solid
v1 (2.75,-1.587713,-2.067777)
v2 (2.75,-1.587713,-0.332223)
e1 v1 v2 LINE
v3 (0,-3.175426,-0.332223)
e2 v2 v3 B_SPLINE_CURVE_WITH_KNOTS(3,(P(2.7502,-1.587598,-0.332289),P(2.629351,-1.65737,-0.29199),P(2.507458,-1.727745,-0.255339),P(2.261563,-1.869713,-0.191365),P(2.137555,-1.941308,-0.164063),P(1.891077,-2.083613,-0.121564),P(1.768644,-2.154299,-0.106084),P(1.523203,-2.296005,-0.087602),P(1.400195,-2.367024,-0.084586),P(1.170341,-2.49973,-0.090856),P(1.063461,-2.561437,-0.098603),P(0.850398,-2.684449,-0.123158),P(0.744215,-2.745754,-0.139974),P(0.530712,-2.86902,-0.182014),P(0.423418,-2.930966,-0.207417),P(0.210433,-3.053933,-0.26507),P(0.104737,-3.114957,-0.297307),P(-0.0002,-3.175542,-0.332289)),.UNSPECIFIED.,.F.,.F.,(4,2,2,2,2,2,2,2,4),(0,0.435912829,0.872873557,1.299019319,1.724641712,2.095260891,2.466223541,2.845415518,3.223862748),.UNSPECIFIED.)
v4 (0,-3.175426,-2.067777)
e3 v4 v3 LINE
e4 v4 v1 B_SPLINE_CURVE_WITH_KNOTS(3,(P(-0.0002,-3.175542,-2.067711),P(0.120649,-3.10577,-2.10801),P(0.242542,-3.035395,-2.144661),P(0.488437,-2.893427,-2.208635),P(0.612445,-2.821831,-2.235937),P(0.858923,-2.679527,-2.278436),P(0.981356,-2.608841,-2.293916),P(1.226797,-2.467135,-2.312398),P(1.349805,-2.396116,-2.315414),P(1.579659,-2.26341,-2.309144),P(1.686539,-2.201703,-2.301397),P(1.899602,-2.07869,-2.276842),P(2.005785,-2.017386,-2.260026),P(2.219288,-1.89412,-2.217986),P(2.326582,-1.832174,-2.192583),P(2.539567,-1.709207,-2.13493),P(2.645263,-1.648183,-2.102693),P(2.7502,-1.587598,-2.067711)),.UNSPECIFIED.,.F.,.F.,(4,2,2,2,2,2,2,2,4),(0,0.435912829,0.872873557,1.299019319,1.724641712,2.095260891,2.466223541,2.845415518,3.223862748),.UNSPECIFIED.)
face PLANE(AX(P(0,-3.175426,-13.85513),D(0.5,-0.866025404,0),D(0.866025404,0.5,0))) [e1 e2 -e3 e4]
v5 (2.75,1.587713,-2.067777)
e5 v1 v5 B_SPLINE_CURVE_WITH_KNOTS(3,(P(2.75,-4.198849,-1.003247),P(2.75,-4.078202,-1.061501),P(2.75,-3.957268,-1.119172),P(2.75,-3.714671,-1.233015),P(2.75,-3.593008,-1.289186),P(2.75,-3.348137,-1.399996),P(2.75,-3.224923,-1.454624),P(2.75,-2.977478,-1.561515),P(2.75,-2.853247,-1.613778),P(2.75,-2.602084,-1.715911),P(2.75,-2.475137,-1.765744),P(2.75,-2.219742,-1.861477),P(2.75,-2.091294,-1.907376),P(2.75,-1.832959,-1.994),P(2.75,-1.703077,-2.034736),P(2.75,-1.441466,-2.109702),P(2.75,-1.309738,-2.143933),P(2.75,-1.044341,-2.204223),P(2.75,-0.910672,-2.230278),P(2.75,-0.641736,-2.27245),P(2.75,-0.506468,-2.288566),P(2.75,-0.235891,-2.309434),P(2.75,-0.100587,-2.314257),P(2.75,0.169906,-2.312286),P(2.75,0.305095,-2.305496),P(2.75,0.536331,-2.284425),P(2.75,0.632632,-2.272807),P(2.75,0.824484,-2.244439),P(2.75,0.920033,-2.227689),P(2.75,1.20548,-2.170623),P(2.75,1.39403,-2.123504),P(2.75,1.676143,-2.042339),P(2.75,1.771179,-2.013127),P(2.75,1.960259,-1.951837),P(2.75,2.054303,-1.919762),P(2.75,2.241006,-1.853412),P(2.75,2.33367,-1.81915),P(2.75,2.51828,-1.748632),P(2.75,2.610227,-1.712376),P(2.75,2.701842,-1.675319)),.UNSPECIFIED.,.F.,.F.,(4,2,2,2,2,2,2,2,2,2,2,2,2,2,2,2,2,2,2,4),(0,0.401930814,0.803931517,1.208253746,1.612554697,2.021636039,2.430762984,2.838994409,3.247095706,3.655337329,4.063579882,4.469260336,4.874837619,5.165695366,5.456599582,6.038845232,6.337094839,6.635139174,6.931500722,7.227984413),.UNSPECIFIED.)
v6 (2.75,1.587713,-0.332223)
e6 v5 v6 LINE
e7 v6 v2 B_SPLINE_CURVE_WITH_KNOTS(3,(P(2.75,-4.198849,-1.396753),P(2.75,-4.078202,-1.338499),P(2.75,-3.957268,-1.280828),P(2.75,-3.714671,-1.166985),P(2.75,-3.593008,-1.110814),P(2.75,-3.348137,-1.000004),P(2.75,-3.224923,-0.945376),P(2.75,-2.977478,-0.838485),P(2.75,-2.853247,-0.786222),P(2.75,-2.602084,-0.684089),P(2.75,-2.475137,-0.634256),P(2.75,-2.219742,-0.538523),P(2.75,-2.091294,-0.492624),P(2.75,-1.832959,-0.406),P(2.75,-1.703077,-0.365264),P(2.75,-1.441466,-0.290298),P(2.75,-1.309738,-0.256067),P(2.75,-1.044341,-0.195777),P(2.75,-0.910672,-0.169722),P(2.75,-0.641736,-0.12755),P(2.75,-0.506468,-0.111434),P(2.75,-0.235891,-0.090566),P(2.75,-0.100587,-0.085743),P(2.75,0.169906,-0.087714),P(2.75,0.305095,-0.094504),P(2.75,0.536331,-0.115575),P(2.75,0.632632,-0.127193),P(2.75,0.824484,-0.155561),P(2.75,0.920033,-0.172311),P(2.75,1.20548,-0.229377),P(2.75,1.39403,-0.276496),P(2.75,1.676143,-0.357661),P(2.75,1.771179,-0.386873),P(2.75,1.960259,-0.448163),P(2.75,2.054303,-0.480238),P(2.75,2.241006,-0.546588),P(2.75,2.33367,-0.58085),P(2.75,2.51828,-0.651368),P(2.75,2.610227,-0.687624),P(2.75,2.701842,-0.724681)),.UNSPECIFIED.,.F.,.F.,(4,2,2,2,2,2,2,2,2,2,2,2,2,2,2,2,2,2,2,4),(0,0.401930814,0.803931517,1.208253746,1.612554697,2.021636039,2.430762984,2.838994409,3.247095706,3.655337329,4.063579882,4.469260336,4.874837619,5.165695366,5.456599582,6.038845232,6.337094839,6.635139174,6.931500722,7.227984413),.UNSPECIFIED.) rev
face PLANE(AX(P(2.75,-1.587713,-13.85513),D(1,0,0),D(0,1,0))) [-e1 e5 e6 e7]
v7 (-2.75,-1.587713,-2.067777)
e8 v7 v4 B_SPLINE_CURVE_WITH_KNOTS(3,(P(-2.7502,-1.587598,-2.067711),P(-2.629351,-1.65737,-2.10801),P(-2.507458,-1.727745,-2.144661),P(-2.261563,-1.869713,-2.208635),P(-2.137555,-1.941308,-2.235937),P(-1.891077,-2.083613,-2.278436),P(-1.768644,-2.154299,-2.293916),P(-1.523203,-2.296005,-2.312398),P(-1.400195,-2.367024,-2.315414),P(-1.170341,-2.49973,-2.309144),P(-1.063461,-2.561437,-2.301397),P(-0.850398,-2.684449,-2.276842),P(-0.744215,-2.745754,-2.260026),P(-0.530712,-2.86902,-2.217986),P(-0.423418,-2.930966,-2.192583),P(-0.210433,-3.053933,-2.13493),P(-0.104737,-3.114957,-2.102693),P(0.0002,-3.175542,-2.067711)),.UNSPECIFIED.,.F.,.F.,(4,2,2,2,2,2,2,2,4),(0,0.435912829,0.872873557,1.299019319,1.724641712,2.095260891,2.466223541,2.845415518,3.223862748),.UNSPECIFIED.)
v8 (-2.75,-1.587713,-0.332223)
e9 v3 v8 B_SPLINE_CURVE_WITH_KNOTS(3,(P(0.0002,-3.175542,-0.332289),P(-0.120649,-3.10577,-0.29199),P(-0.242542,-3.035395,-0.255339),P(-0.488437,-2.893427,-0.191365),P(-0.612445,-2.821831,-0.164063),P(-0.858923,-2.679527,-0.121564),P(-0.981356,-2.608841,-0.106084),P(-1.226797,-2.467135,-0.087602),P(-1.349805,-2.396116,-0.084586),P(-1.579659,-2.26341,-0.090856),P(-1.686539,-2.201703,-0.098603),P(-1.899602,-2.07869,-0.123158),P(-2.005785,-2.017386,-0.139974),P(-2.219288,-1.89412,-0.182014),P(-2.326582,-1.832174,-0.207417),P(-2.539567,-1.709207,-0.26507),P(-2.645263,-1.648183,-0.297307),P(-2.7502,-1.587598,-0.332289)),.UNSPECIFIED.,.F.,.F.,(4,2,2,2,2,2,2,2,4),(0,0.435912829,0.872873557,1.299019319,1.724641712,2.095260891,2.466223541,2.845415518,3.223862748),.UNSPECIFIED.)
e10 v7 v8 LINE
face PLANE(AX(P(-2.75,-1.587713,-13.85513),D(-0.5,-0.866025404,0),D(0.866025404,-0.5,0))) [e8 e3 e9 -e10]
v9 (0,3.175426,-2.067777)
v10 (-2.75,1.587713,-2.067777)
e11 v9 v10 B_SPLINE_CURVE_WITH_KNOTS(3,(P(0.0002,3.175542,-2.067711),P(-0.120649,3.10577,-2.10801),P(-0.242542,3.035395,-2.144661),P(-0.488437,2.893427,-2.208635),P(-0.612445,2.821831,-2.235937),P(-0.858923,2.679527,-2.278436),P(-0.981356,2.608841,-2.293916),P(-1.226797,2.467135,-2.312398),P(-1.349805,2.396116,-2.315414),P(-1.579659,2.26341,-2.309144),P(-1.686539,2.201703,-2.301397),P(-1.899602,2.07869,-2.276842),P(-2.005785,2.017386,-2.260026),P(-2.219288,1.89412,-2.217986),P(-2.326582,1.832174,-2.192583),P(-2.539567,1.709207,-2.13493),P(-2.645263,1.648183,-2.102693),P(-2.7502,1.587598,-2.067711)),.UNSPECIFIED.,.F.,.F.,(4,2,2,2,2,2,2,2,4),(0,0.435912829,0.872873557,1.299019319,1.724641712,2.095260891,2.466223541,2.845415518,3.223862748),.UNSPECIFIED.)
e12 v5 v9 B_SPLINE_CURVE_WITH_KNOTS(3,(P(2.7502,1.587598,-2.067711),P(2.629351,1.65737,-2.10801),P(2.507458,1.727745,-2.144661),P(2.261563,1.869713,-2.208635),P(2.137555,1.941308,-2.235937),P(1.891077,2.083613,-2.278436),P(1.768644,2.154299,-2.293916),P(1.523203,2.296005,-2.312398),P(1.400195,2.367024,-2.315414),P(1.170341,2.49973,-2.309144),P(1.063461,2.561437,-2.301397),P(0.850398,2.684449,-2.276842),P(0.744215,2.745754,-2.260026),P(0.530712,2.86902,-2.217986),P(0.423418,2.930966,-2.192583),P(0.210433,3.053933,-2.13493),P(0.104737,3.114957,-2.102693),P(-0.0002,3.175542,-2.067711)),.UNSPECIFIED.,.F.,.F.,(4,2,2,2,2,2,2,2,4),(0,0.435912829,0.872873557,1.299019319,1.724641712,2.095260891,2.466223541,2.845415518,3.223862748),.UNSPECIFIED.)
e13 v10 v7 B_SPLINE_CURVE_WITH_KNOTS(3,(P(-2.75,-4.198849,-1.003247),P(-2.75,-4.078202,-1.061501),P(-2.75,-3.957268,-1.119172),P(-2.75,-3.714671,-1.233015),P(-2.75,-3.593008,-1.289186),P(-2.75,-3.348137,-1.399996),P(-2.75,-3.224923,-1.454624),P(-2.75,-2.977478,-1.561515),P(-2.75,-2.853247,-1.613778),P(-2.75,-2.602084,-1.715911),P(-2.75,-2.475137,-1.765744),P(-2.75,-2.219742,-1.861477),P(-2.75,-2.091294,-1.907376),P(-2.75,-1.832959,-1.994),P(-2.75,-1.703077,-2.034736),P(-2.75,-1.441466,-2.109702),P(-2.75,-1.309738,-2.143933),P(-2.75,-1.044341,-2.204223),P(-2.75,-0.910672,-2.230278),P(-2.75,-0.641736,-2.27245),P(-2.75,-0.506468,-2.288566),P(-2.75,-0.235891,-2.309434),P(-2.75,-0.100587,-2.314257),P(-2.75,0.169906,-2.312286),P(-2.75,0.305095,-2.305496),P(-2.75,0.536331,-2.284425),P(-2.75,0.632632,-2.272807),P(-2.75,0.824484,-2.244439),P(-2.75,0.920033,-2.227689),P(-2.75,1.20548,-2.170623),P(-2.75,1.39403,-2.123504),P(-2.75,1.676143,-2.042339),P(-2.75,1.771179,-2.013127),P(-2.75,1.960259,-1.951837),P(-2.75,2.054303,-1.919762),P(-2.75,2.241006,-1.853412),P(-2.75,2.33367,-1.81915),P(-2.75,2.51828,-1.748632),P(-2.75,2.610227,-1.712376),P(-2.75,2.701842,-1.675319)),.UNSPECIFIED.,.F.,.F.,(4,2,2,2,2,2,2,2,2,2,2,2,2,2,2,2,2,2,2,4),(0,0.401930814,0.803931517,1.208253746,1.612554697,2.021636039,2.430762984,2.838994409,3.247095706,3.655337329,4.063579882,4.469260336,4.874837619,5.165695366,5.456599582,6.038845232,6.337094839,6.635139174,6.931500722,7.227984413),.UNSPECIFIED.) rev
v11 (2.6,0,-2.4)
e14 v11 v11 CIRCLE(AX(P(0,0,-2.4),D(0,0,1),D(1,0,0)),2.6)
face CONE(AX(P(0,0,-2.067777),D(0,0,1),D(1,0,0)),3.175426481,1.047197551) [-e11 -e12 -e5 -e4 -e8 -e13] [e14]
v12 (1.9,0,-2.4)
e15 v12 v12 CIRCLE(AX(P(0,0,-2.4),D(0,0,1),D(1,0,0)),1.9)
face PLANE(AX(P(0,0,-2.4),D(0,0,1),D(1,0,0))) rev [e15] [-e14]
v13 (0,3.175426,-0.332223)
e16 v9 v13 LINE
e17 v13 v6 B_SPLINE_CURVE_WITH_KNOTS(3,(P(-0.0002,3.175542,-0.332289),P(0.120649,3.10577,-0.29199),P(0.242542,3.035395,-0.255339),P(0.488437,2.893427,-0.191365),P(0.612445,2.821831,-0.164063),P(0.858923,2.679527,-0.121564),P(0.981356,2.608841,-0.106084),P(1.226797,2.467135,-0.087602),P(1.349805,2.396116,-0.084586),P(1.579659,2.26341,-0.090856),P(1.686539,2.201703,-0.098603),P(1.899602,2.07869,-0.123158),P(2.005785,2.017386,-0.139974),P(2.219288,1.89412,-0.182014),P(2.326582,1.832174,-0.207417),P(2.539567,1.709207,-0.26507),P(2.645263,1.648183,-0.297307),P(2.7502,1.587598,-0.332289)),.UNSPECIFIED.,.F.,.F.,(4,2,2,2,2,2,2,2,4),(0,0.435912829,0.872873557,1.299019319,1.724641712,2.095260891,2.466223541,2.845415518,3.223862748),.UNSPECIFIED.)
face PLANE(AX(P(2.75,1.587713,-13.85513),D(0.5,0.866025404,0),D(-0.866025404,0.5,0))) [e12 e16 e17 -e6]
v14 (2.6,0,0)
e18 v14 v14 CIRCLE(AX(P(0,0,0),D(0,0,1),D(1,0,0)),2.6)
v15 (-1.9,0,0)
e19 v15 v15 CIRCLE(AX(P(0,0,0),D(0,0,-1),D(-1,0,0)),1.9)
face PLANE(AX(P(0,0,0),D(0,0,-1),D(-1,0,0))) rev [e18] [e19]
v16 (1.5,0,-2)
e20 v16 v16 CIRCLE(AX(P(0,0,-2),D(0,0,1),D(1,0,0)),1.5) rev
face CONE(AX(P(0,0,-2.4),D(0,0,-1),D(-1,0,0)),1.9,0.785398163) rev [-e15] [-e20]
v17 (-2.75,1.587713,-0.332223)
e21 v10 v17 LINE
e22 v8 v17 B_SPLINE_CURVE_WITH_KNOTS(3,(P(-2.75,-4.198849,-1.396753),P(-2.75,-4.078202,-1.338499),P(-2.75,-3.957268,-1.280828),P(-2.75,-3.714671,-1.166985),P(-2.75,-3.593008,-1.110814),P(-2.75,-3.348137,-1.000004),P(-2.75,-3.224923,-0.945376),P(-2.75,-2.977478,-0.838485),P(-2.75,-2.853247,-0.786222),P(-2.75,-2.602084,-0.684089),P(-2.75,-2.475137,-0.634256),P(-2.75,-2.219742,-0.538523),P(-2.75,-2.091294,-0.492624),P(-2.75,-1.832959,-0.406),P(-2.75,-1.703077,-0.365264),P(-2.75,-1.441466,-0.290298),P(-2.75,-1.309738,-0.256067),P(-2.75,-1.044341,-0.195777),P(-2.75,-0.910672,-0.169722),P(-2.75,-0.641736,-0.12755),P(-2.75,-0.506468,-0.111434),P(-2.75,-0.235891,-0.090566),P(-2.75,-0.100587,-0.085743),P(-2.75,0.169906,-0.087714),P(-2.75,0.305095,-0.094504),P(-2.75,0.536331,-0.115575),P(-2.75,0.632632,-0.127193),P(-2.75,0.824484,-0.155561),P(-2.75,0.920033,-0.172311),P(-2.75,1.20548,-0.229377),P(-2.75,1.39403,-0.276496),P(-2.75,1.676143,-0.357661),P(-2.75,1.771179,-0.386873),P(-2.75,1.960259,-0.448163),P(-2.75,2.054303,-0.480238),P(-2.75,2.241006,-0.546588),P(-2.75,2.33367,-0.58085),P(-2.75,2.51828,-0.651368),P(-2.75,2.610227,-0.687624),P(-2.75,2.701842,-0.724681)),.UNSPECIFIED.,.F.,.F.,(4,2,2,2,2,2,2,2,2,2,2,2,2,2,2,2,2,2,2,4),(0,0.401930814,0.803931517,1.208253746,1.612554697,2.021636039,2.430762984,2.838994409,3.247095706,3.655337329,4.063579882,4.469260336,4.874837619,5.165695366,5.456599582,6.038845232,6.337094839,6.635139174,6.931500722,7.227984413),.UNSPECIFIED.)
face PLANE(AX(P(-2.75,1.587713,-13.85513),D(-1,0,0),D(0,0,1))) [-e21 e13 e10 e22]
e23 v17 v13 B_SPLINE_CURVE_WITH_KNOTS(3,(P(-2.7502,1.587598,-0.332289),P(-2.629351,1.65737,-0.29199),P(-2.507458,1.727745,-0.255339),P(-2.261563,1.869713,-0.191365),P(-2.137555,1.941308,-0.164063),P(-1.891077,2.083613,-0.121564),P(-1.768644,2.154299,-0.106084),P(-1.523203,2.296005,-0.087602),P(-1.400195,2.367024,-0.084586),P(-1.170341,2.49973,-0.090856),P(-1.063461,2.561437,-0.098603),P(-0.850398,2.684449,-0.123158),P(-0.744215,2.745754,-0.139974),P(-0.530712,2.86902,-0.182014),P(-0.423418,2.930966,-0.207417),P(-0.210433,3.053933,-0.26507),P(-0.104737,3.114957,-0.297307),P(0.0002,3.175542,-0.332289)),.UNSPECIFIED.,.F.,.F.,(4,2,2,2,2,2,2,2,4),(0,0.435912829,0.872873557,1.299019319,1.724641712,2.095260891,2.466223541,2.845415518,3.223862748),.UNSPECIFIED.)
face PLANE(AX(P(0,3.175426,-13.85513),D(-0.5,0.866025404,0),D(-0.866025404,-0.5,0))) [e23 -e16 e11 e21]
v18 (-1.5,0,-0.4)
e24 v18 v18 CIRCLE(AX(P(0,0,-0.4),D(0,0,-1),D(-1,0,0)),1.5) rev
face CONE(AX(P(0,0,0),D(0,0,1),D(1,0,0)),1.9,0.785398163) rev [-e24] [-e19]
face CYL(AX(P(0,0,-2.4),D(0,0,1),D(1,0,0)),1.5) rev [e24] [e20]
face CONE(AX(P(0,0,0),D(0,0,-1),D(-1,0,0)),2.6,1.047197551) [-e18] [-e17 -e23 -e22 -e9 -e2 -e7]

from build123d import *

# Parameters (mm, degrees)
SKETCH_1_W               = 4
SKETCH_1_H               = 2.4
SKETCH_2_OUTSIDE_W       = 12.314
SKETCH_2_OUTSIDE_H       = 12.314
CUT_EXTRUDE_1_DEPTH      = 2.4
SKETCH_3_R               = 1.5
CUT_EXTRUDE_2_DEPTH      = 1
CUT_EXTRUDE_2_DEPTH_BACK = 3.4
CHAMFER_1_SIZE           = 0.4


with BuildPart() as part:
    # Эскиз1 → Повернуть1 (revolve)
    with BuildSketch(Plane(origin=(0, 0, 0), x_dir=(1, 0, 0), z_dir=(0, 1, 0))):
        with Locations((-2, 1.2)):
            Rectangle(SKETCH_1_W, SKETCH_1_H)
    revolve(axis=Axis((0, 0, 0), (0, 0, -1)))

    # Эскиз2 outside → Вырез-Вытянуть1 (cut)
    with BuildSketch(Plane.XY):
        Rectangle(SKETCH_2_OUTSIDE_W, SKETCH_2_OUTSIDE_H)
        Polygon((2.75, -1.58771324), (2.75, 1.58771324), (0, 3.175426481), (-2.75, 1.58771324), (-2.75, -1.58771324), (0, -3.175426481), align=None, mode=Mode.SUBTRACT)
    extrude(amount=-CUT_EXTRUDE_1_DEPTH, mode=Mode.SUBTRACT)

    # Эскиз3 → Вырез-Вытянуть2 (cut, two sides)
    with BuildSketch(Plane.XY) as cut_extrude_2_sk:
        Circle(SKETCH_3_R)
    extrude(amount=CUT_EXTRUDE_2_DEPTH, mode=Mode.SUBTRACT)
    extrude(cut_extrude_2_sk.sketch, amount=-CUT_EXTRUDE_2_DEPTH_BACK, mode=Mode.SUBTRACT)

    # Эскиз4 → Вырез-Повернуть1 (revolve, cut)
    with BuildSketch(Plane(origin=(0, 0, 0), x_dir=(0, 0, -1), z_dir=(1, 0, 0))):
        Polygon((0, 2.6), (0.332222633, 3.175426481), (0, 3.175426481), align=None)
        Polygon((2.4, 2.6), (2.067777367, 3.175426481), (2.4, 3.175426481), align=None)
    revolve(axis=Axis((0, 0, 0), (0, 0, -1)), mode=Mode.SUBTRACT)

    # Фаска1
    chamfer_1_edges = [part.edges().sort_by_distance(p)[0] for p in [
        (-1.5, 0, -2.4),
        (-1.5, 0, 0),
    ]]
    chamfer(chamfer_1_edges, length=CHAMFER_1_SIZE)


solid = part.part
